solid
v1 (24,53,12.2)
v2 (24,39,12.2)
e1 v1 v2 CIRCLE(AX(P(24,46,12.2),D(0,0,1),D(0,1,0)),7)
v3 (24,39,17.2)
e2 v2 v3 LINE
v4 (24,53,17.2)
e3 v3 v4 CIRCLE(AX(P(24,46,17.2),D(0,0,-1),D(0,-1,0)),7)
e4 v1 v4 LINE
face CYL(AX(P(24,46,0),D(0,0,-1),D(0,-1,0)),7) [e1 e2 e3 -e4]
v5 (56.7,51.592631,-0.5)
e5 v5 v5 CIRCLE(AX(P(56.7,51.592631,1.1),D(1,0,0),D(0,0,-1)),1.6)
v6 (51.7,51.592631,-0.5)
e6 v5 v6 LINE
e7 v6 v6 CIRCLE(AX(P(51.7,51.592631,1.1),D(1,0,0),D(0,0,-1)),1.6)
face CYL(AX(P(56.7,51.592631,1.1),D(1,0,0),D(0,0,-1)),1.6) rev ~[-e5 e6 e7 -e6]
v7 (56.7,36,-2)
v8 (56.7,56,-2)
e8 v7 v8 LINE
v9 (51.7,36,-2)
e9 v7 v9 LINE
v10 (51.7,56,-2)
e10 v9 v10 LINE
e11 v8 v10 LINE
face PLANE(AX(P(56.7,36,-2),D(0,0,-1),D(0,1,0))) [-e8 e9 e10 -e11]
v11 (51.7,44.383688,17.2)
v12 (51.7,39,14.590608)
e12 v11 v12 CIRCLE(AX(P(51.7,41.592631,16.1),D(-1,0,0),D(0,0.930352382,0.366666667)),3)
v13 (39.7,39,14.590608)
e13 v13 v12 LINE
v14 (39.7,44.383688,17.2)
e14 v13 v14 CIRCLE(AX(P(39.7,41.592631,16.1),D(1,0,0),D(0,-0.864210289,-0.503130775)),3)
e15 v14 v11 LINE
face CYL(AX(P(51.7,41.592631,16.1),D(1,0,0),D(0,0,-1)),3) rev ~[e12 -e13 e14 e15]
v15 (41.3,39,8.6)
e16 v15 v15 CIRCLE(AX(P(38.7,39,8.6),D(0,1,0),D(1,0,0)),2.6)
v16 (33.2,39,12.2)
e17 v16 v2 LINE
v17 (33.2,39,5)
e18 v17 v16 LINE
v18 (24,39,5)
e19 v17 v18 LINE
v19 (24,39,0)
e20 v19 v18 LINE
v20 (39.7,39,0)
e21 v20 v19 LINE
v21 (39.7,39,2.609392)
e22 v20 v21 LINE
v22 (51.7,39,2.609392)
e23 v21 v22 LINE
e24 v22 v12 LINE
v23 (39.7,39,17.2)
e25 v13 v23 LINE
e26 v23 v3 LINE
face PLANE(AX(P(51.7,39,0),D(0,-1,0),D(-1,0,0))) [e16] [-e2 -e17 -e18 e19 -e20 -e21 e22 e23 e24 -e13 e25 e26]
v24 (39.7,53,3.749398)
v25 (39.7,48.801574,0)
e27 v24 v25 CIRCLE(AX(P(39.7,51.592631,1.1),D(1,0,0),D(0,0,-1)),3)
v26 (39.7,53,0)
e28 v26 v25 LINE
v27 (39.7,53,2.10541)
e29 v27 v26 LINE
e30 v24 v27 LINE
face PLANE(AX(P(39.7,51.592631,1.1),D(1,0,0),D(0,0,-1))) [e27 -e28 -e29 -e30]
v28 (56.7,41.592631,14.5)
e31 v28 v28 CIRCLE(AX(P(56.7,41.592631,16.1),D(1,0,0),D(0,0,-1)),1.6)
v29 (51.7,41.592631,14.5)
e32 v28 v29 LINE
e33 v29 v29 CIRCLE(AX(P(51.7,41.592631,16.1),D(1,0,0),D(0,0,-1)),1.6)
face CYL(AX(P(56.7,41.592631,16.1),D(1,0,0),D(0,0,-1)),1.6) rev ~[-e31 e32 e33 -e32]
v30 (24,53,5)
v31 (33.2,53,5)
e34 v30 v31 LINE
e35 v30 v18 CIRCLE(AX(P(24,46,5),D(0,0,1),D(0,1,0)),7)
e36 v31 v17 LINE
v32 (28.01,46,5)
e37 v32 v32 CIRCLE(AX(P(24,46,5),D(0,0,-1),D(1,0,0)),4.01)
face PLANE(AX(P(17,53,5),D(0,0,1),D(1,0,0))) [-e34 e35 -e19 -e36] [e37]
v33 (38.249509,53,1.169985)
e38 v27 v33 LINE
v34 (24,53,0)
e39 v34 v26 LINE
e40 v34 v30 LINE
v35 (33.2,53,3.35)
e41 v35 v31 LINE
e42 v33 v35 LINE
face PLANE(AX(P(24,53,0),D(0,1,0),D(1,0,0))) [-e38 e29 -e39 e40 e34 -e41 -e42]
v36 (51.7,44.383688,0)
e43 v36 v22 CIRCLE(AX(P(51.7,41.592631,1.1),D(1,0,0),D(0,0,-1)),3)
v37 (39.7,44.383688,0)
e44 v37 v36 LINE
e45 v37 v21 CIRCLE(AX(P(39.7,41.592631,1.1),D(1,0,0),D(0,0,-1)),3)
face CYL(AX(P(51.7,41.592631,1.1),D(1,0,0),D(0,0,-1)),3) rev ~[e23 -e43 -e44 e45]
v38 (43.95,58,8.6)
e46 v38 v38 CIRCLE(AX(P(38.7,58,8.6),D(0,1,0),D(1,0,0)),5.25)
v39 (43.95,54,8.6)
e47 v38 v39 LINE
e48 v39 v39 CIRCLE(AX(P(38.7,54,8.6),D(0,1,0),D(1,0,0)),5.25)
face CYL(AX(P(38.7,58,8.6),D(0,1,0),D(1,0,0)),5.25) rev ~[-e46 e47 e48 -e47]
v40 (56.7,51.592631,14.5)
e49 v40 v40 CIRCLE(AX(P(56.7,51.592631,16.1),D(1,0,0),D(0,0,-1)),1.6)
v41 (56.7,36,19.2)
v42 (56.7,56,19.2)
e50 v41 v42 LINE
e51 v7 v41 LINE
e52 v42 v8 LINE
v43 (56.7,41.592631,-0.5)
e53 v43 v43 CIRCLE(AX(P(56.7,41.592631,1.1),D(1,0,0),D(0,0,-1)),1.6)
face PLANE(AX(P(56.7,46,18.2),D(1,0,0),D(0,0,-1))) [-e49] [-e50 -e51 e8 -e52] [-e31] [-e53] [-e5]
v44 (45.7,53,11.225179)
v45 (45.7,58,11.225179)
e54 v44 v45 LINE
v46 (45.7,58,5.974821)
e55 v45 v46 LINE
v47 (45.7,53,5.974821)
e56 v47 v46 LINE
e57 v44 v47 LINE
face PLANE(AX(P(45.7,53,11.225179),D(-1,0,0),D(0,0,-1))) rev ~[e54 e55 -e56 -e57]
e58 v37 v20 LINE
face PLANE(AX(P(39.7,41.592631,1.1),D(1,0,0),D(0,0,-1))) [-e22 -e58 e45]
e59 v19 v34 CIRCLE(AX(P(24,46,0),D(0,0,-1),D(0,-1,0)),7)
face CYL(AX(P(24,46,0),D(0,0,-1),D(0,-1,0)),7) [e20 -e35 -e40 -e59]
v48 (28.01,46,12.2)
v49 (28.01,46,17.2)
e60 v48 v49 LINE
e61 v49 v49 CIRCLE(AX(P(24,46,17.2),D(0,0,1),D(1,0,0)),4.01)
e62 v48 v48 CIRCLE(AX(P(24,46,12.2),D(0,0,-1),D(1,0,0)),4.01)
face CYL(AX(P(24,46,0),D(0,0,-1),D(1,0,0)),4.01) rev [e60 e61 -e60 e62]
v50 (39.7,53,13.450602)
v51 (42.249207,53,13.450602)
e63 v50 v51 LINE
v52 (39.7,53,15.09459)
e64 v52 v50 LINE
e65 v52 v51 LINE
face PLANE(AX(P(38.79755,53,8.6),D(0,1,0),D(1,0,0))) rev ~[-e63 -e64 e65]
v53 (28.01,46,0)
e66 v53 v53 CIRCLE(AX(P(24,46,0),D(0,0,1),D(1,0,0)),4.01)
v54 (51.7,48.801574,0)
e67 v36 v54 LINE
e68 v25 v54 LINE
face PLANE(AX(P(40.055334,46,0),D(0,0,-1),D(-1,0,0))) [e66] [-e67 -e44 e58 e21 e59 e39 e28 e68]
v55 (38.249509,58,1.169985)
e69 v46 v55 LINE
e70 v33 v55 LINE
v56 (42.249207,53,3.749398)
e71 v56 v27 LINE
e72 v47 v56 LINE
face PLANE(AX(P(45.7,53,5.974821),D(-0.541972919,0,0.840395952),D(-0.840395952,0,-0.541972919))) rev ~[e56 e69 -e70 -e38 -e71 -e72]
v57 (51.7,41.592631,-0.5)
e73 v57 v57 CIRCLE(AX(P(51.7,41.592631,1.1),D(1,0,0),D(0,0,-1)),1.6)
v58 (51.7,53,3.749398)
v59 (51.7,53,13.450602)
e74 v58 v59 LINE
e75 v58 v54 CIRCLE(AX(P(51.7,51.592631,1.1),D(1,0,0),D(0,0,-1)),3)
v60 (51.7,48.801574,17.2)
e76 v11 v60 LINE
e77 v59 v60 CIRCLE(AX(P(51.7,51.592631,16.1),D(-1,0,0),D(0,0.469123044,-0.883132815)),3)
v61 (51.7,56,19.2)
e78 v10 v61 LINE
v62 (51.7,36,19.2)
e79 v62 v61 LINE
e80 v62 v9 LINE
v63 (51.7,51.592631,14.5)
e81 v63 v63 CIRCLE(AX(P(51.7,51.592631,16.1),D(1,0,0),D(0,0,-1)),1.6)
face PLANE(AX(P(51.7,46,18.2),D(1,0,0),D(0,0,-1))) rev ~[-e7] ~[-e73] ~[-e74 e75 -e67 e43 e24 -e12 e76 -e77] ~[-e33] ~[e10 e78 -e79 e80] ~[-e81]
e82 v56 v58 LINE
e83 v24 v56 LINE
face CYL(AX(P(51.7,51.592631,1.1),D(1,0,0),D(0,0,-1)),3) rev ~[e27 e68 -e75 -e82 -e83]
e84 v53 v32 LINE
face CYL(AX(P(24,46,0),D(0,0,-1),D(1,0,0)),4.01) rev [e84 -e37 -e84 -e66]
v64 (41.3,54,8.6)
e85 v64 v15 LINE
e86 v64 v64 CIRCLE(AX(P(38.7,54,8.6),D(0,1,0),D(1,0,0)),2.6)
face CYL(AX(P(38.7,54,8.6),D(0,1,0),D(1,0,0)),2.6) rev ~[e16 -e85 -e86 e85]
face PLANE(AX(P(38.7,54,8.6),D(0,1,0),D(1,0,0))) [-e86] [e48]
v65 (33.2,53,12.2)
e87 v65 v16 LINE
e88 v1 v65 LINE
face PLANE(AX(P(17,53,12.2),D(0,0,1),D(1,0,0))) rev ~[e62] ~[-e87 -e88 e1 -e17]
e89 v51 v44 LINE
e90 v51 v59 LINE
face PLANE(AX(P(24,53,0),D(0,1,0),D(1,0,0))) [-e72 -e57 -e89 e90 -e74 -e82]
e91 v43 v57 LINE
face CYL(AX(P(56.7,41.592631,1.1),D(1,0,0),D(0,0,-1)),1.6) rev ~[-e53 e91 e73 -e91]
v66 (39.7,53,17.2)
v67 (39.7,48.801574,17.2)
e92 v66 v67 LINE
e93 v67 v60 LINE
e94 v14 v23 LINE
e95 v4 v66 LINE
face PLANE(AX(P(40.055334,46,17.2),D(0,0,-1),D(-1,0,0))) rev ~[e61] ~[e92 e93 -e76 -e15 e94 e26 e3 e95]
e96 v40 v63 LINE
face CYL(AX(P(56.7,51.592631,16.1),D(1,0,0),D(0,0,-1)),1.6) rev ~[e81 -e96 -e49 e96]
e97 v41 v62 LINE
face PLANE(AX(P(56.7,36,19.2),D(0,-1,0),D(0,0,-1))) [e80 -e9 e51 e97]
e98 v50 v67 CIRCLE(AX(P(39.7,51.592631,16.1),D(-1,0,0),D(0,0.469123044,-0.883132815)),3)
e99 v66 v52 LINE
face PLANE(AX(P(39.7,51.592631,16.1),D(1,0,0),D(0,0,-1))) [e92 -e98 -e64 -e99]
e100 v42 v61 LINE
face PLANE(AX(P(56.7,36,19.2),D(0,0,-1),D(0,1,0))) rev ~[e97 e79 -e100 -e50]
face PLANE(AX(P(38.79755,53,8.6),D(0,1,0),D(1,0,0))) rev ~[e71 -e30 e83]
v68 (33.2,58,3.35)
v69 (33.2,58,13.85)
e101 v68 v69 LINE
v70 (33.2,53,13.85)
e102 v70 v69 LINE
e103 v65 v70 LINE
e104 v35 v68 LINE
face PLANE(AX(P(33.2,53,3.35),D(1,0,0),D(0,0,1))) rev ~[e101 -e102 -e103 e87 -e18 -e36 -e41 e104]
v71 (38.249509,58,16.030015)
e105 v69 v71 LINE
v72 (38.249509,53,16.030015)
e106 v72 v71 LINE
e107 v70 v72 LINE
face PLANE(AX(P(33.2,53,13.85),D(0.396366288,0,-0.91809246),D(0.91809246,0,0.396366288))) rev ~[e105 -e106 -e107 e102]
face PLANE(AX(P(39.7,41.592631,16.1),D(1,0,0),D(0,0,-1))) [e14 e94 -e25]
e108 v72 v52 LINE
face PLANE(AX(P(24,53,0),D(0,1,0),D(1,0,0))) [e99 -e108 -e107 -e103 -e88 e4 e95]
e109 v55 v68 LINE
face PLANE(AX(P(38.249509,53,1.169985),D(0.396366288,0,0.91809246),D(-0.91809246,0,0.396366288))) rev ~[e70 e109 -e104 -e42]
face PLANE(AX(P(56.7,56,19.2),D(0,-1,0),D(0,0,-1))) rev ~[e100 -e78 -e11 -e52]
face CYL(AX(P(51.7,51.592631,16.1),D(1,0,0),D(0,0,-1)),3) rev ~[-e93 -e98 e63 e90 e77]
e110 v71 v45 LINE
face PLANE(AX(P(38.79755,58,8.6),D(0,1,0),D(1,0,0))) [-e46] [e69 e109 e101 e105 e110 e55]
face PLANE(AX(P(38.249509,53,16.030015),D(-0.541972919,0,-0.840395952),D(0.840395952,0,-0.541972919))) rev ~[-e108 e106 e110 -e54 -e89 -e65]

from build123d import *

# Parameters (mm, degrees)
SKETCH_1_R          = 4.01
EXTRUDE_1_DEPTH     = 17.2
SKETCH_2_W          = 16.2
SKETCH_2_H          = 7.2
CUT_EXTRUDE_1_DEPTH = 18
SKETCH_4_W          = 2
SKETCH_4_H          = 20
EXTRUDE_2_DEPTH     = 5
SKETCH_3_R          = 1.6
CUT_EXTRUDE_2_DEPTH = 5
CUT_EXTRUDE_START   = -5
SKETCH_5_R          = 3
CUT_EXTRUDE_3_DEPTH = 12
EXTRUDE_7_DEPTH     = 5
SKETCH_7_R          = 5.25
CUT_EXTRUDE_8_DEPTH = 4
CUT_EXTRUDE_9_REACH = 20
SKETCH_8_R          = 2.6


with BuildPart() as part:
    # ｽｹｯﾁ1 → ﾎﾞｽ - 押し出し1 (new body)
    with BuildSketch(Plane.XY):
        with BuildLine():
            Line((24, 53), (51.7, 53))
            Line((51.7, 53), (51.7, 56))
            Line((51.7, 56), (56.7, 56))
            Line((56.7, 56), (56.7, 36))
            Line((56.7, 36), (51.7, 36))
            Line((51.7, 36), (51.7, 39))
            Line((51.7, 39), (24, 39))
            ThreePointArc((24, 39), (17, 46), (24, 53))
        make_face()
        with Locations((24, 46)):
            Circle(SKETCH_1_R, mode=Mode.SUBTRACT)
    extrude(amount=EXTRUDE_1_DEPTH)

    # ｽｹｯﾁ2 → ｶｯﾄ - 押し出し1 (cut, through all)
    with BuildSketch(Plane(origin=(0, 53, 0), x_dir=(1, 0, 0), z_dir=(0, 1, 0))):
        with Locations((25.1, -8.6)):
            Rectangle(SKETCH_2_W, SKETCH_2_H)
    extrude(amount=-CUT_EXTRUDE_1_DEPTH, mode=Mode.SUBTRACT)

    # ｽｹｯﾁ4 → ﾎﾞｽ - 押し出し2 (add)
    with BuildSketch(Plane(origin=(56.7, 0, 0), x_dir=(0, 0, -1), z_dir=(1, 0, 0))):
        with Locations((-18.2, 46)):
            Rectangle(SKETCH_4_W, SKETCH_4_H)
        with Locations((1, 46)):
            Rectangle(SKETCH_4_W, SKETCH_4_H)
    extrude(amount=-EXTRUDE_2_DEPTH)

    # ｽｹｯﾁ3 → ｶｯﾄ - 押し出し2 (cut)
    with BuildSketch(Plane(origin=(56.7, 0, 0), x_dir=(0, 0, -1), z_dir=(1, 0, 0))):
        with Locations((-16.1, 51.592630867)):
            Circle(SKETCH_3_R)
        with Locations((-1.1, 51.592630867)):
            Circle(SKETCH_3_R)
        with Locations((-16.1, 41.592630867)):
            Circle(SKETCH_3_R)
        with Locations((-1.1, 41.592630867)):
            Circle(SKETCH_3_R)
    extrude(amount=-CUT_EXTRUDE_2_DEPTH, mode=Mode.SUBTRACT)

    # ｽｹｯﾁ5 → ｶｯﾄ - 押し出し3 (cut)
    with BuildSketch(Plane(origin=(56.7, 0, 0), x_dir=(0, 0, -1), z_dir=(1, 0, 0)).offset(CUT_EXTRUDE_START)):
        with Locations((-16.1, 51.592630867)):
            Circle(SKETCH_5_R)
        with Locations((-16.1, 41.592630867)):
            Circle(SKETCH_5_R)
        with Locations((-1.1, 51.592630867)):
            Circle(SKETCH_5_R)
        with Locations((-1.1, 41.592630867)):
            Circle(SKETCH_5_R)
    extrude(amount=-CUT_EXTRUDE_3_DEPTH, mode=Mode.SUBTRACT)

    # ｽｹｯﾁ6 → ﾎﾞｽ - 押し出し7 (add)
    with BuildSketch(Plane(origin=(0, 53, 0), x_dir=(1, 0, 0), z_dir=(0, 1, 0))):
        Polygon((33.2, -3.35), (33.2, -13.85), (38.249508532, -16.030014583), (45.7, -11.225178721), (45.7, -5.974821279), (38.249508532, -1.169985417), align=None)
    extrude(amount=EXTRUDE_7_DEPTH)

    # ｽｹｯﾁ7 → ｶｯﾄ - 押し出し8 (cut)
    with BuildSketch(Plane(origin=(0, 58, 0), x_dir=(1, 0, 0), z_dir=(0, 1, 0))):
        with Locations((38.7, -8.6)):
            Circle(SKETCH_7_R)
    extrude(amount=-CUT_EXTRUDE_8_DEPTH, mode=Mode.SUBTRACT)

    # ｽｹｯﾁ8 → ｶｯﾄ - 押し出し9 (cut, up to next)
    with BuildSketch(Plane(origin=(0, 54, 0), x_dir=(1, 0, 0), z_dir=(0, 1, 0)), mode=Mode.PRIVATE) as cut_extrude_9_sk1:
        with Locations((38.7, -8.6)):
            Circle(SKETCH_8_R)
    cut_extrude_9_tool1 = extrude(cut_extrude_9_sk1.sketch, amount=-CUT_EXTRUDE_9_REACH, mode=Mode.PRIVATE) & part.part
    add(cut_extrude_9_tool1.solids().sort_by_distance((38.7, 54, 8.6))[0], mode=Mode.SUBTRACT)


solid = part.part
